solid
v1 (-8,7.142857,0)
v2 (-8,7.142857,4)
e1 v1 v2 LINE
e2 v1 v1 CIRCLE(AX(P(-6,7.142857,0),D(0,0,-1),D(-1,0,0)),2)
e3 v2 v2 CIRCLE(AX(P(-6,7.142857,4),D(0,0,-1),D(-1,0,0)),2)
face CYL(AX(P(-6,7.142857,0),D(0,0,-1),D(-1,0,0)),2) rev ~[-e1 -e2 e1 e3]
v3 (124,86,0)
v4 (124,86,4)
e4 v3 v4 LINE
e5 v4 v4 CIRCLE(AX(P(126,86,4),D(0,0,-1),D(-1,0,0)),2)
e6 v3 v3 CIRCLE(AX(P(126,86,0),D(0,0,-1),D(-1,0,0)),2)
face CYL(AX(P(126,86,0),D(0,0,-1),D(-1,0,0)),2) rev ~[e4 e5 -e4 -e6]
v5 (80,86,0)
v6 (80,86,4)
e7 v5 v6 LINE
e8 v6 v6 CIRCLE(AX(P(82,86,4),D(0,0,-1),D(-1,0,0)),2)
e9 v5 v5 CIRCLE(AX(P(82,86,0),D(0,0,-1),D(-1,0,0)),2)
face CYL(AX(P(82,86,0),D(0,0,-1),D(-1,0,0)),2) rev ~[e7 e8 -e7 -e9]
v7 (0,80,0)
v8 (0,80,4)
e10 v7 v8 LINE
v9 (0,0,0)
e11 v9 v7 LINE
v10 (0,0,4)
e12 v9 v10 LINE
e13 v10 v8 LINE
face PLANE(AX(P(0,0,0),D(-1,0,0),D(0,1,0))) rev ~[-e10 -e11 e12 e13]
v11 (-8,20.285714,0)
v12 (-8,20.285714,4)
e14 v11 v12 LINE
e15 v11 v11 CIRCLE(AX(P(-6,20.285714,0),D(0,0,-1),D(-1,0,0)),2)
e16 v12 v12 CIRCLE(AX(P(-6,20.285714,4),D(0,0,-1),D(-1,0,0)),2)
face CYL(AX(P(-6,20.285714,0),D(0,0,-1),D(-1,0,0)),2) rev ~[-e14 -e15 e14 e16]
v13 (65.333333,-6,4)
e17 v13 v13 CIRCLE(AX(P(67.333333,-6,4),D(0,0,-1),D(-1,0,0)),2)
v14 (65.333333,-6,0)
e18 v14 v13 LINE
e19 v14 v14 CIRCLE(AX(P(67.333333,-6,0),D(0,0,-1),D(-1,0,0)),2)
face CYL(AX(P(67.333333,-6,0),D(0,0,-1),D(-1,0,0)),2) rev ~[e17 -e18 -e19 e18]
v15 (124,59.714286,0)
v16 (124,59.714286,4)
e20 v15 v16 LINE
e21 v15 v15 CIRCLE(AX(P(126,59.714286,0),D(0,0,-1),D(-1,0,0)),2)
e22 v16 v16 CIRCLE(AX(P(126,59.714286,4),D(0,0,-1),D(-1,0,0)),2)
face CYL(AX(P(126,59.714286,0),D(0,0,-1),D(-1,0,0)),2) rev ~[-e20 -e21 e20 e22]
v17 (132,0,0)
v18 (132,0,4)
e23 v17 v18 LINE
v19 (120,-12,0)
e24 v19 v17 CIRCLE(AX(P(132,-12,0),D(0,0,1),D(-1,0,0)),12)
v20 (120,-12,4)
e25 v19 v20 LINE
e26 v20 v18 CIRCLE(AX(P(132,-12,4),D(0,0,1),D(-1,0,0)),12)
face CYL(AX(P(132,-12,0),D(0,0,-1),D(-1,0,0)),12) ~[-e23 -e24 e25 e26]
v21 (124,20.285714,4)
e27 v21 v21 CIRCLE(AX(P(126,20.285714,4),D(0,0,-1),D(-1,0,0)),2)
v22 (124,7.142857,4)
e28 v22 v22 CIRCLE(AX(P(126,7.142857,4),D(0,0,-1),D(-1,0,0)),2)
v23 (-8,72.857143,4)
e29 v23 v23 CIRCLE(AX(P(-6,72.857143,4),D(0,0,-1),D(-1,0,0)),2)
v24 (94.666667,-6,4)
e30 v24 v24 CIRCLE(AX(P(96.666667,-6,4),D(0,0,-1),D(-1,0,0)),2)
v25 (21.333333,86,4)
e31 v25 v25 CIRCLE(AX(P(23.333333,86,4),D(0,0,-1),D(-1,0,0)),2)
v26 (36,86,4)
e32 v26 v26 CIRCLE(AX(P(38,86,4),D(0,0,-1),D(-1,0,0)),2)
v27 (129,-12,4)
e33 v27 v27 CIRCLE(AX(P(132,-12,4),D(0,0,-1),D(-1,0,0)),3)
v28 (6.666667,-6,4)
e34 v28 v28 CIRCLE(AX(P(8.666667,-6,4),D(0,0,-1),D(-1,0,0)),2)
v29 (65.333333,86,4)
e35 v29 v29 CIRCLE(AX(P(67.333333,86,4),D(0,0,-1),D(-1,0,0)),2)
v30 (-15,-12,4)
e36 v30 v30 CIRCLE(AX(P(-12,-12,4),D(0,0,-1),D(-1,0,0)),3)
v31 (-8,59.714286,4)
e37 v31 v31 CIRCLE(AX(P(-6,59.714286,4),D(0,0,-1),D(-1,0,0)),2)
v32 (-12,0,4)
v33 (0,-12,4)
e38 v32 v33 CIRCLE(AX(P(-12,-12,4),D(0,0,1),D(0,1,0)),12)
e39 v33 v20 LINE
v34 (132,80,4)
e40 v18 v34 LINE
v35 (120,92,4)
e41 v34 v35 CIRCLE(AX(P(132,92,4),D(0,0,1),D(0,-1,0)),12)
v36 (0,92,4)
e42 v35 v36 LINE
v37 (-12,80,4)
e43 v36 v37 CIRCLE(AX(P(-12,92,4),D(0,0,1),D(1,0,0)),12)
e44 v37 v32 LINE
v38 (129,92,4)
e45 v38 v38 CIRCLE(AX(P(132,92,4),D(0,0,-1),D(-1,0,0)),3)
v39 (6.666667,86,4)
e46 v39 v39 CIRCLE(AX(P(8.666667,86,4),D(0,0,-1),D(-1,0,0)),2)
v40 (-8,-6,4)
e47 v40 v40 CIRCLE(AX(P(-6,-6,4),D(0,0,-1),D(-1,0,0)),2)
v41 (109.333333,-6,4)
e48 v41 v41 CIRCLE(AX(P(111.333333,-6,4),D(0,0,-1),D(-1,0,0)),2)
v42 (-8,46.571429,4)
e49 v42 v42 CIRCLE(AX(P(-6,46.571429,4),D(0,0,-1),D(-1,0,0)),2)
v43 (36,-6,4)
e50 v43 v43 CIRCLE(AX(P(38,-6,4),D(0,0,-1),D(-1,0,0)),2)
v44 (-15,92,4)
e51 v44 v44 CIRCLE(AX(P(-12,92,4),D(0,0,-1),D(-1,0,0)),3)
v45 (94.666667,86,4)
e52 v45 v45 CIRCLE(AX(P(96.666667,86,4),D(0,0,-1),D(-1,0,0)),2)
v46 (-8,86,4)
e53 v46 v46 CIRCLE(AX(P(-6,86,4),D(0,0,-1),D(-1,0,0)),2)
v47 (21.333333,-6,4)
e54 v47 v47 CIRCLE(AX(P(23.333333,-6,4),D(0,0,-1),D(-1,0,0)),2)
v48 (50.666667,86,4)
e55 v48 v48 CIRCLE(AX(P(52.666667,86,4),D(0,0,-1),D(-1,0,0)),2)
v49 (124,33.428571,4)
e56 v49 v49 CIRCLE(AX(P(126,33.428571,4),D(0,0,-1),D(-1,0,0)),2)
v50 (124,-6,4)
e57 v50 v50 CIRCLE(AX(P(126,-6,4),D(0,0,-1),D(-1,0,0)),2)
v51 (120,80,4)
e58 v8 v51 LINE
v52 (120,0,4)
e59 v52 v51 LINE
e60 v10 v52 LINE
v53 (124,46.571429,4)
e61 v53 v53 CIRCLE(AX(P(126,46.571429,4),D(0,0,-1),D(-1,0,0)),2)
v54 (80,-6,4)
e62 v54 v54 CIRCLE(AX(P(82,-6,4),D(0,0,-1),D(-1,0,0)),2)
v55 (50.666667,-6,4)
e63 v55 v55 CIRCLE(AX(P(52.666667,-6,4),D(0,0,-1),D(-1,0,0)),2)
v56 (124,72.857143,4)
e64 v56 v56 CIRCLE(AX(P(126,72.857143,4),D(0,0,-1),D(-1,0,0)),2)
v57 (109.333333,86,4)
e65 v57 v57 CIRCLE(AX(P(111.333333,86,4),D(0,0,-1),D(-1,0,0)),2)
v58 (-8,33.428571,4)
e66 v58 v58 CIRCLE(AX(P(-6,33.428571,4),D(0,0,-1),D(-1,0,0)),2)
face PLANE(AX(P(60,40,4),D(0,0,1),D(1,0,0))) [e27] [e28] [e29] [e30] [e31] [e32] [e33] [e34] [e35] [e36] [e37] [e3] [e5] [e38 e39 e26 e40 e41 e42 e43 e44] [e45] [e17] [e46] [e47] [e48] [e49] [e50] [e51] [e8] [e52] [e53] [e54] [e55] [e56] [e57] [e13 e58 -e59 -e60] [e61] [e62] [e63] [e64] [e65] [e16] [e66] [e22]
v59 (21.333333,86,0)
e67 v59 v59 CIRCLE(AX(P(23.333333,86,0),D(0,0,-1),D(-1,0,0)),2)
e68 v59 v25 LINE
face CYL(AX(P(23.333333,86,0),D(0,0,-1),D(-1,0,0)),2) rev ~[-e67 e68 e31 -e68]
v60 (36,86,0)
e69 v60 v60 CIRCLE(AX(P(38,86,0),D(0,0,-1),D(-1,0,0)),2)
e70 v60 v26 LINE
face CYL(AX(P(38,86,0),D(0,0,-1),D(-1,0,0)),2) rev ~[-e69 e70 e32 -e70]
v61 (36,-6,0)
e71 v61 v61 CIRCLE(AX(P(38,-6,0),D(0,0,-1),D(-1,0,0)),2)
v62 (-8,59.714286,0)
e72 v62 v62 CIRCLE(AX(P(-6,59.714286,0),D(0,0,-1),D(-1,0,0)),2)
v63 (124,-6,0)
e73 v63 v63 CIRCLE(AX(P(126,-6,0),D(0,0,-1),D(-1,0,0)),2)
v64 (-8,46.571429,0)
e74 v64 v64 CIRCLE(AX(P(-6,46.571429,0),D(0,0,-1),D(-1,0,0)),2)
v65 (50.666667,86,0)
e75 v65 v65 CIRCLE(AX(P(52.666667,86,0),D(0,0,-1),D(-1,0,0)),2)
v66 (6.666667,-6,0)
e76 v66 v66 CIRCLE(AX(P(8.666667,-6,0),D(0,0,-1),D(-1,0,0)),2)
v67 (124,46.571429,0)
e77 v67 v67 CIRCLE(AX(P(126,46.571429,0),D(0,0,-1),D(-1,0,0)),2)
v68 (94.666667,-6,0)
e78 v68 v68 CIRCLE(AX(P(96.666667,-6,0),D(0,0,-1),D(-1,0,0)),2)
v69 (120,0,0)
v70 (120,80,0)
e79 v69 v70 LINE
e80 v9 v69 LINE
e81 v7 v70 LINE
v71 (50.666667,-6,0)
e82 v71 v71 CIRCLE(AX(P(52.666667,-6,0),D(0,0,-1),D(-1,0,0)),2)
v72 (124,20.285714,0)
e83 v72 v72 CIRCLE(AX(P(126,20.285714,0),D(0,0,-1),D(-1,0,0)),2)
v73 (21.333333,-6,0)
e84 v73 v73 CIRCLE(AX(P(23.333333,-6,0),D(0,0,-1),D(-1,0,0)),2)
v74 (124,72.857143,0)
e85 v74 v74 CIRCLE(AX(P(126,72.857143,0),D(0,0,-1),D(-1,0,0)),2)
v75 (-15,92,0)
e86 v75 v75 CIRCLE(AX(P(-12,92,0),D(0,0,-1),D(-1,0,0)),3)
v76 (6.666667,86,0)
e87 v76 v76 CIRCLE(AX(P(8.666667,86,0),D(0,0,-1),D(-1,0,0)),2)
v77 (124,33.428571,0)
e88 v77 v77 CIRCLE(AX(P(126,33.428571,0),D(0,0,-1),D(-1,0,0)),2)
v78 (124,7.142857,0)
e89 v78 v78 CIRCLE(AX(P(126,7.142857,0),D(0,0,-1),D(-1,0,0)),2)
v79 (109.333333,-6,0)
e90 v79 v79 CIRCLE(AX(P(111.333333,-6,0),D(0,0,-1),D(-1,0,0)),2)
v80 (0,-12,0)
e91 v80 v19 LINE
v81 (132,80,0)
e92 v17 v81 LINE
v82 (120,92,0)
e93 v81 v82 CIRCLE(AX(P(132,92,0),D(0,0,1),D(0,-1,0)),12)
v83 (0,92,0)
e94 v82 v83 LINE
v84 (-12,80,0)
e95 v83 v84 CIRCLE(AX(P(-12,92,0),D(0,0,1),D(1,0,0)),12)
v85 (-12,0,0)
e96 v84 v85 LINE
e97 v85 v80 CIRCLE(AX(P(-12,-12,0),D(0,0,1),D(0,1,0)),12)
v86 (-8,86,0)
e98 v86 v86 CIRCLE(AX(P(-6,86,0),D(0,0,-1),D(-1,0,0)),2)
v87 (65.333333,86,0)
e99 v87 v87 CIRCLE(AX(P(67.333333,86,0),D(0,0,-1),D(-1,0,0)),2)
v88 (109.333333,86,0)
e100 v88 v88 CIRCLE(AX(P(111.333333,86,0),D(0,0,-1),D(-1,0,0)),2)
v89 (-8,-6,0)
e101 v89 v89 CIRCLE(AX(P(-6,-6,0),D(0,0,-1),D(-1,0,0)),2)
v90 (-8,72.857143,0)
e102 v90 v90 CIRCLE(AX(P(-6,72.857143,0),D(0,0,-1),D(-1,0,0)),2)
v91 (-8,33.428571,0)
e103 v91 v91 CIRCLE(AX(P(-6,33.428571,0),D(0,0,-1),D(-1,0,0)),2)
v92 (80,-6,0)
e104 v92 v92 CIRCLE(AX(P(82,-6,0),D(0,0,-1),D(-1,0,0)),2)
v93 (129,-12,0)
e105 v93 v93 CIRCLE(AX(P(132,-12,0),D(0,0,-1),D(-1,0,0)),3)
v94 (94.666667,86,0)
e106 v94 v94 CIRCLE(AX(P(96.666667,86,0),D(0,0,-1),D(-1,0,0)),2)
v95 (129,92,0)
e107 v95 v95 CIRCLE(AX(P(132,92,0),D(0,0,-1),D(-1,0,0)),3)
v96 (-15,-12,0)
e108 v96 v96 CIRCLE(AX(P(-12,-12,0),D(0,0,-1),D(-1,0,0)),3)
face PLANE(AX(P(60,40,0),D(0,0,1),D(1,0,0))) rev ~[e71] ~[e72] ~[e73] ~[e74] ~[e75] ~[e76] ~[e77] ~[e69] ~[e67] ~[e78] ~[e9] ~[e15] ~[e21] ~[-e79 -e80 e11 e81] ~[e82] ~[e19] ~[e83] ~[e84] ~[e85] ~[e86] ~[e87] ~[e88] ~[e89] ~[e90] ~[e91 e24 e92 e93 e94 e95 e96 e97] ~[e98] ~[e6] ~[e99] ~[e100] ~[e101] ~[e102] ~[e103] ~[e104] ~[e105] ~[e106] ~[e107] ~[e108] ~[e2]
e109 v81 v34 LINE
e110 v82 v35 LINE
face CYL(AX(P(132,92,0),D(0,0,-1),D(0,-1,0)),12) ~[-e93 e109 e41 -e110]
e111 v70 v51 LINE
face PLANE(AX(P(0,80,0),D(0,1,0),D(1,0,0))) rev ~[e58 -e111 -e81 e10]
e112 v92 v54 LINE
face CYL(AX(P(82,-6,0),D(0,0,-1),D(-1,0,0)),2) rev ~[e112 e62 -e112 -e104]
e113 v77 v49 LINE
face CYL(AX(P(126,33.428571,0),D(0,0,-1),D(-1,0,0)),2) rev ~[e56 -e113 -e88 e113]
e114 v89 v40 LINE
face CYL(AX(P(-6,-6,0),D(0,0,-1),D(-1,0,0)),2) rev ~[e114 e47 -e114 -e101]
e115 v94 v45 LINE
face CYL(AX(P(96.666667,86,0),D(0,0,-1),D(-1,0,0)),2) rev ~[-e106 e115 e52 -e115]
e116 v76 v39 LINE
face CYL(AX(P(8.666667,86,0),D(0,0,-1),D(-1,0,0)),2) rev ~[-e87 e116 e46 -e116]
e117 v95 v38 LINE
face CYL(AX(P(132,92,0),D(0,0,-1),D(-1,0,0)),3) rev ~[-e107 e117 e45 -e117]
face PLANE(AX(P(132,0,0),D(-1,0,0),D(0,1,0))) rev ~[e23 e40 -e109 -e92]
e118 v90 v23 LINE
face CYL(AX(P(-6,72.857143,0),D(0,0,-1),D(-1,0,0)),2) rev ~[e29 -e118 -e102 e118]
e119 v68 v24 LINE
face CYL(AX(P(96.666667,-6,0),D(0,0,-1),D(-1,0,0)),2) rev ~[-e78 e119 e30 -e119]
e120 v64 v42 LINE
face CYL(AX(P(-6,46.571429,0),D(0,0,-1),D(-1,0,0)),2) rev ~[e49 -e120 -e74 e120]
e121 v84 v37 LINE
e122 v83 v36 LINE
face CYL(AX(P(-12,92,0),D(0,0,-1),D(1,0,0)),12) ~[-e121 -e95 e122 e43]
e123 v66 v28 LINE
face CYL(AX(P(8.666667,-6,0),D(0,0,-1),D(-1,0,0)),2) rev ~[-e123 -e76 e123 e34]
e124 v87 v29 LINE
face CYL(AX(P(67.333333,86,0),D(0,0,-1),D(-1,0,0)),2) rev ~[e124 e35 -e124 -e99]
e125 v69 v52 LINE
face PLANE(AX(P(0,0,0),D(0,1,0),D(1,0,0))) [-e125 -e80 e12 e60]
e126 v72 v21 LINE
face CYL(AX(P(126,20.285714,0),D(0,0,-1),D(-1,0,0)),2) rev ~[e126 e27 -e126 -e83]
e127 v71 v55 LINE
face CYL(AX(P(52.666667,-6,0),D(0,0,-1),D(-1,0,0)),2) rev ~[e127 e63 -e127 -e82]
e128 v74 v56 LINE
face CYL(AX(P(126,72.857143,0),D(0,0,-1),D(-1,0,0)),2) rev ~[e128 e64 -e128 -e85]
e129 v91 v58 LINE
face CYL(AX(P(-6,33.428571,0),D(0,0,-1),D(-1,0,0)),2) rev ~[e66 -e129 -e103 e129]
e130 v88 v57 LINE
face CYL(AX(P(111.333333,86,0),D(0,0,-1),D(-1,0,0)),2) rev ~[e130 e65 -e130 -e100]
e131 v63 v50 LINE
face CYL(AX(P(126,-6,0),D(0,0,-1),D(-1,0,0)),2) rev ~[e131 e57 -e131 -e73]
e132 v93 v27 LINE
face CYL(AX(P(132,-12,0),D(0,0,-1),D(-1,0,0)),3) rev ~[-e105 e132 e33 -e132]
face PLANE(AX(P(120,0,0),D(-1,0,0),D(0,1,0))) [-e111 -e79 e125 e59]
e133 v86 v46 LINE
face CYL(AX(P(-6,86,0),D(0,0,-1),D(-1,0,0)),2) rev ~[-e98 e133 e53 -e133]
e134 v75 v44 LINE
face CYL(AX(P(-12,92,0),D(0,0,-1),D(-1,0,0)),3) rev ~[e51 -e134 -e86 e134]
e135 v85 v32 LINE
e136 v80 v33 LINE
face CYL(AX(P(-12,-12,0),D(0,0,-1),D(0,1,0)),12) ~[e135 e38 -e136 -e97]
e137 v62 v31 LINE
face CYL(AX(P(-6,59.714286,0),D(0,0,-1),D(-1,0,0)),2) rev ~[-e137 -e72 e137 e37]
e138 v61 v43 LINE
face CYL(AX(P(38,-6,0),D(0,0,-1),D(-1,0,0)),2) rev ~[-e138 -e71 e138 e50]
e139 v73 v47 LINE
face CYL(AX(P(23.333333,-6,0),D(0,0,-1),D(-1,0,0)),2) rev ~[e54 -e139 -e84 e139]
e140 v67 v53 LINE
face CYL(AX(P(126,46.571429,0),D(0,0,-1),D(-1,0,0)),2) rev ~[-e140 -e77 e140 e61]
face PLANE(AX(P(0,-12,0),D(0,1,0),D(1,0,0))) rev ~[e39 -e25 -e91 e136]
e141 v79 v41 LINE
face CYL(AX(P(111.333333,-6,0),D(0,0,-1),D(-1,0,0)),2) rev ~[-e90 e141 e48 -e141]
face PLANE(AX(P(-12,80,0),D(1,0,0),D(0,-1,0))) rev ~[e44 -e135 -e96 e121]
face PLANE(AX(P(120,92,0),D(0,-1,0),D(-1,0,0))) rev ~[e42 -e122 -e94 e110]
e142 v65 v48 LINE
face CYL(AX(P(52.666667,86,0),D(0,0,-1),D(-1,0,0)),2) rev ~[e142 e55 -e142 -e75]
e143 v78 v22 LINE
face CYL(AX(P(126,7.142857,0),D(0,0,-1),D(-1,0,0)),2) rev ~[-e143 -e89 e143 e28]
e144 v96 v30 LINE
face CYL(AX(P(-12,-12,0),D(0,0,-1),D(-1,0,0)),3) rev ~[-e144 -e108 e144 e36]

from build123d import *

# Parameters (mm, degrees)
SKETCH1_W          = 120
SKETCH1_H          = 80
FRAME_DEPTH        = 4
SKETCH3_R          = 2
CUT_EXTRUDE1_DEPTH = 4
CRVPATTERN2_COUNT  = 10
CRVPATTERN2_PITCH  = 14.666666667
CRVPATTERN3_COUNT  = 8
CRVPATTERN3_PITCH  = 13.142857143
SKETCH4_R          = 2
CUT_EXTRUDE2_DEPTH = 4
CRVPATTERN5_COUNT  = 10
CRVPATTERN5_PITCH  = 14.666666667
CRVPATTERN6_COUNT  = 8
CRVPATTERN6_PITCH  = 13.142857143
SKETCH12_R         = 3
CUT_EXTRUDE4_DEPTH = 10


with BuildPart() as part:
    # Sketch1 → Frame (new body)
    with BuildSketch(Plane.XY):
        with BuildLine():
            Line((0, -12), (120, -12))
            ThreePointArc((120, -12), (140.485281374, -20.485281374), (132, 0))
            Line((132, 0), (132, 80))
            ThreePointArc((132, 80), (140.485281374, 100.485281374), (120, 92))
            Line((120, 92), (0, 92))
            ThreePointArc((0, 92), (-20.485281374, 100.485281374), (-12, 80))
            Line((-12, 80), (-12, 0))
            ThreePointArc((-12, 0), (-20.485281374, -20.485281374), (0, -12))
        make_face()
        with Locations((60, 40)):
            Rectangle(SKETCH1_W, SKETCH1_H, mode=Mode.SUBTRACT)
    extrude(amount=FRAME_DEPTH)

    # Sketch3 → Cut-Extrude1 (cut)
    with BuildSketch(Plane(origin=(0, 0, 0), x_dir=(-1, 0, 0), z_dir=(0, 0, -1))):
        with Locations((-126, 86)):
            Circle(SKETCH3_R)
    cut_extrude1 = extrude(amount=-CUT_EXTRUDE1_DEPTH, mode=Mode.SUBTRACT)

    # CrvPattern2: Cut-Extrude1 ×10, 1 skipped
    with Locations(*[(-i * CRVPATTERN2_PITCH, 0, 0) for i in range(1, CRVPATTERN2_COUNT) if i not in (9,)]):
        add(cut_extrude1, mode=Mode.SUBTRACT)

    # CrvPattern3: Cut-Extrude1 ×8, 1 skipped
    with Locations(*[(0, -i * CRVPATTERN3_PITCH, 0) for i in range(1, CRVPATTERN3_COUNT) if i not in (7,)]):
        add(cut_extrude1, mode=Mode.SUBTRACT)

    # Sketch4 → Cut-Extrude2 (cut)
    with BuildSketch(Plane(origin=(0, 0, 0), x_dir=(-1, 0, 0), z_dir=(0, 0, -1))):
        with Locations((6, -6)):
            Circle(SKETCH4_R)
    cut_extrude2 = extrude(amount=-CUT_EXTRUDE2_DEPTH, mode=Mode.SUBTRACT)

    # CrvPattern5: Cut-Extrude2 ×10
    with Locations(*[(i * CRVPATTERN5_PITCH, 0, 0) for i in range(1, CRVPATTERN5_COUNT)]):
        add(cut_extrude2, mode=Mode.SUBTRACT)

    # CrvPattern6: Cut-Extrude2 ×8
    with Locations(*[(0, i * CRVPATTERN6_PITCH, 0) for i in range(1, CRVPATTERN6_COUNT)]):
        add(cut_extrude2, mode=Mode.SUBTRACT)

    # Sketch12 → Cut-Extrude4 (cut)
    with BuildSketch(Plane(origin=(0, 0, 0), x_dir=(-1, 0, 0), z_dir=(0, 0, -1))):
        with Locations((-132, 92)):
            Circle(SKETCH12_R)
        with Locations((12, 92)):
            Circle(SKETCH12_R)
        with Locations((12, -12)):
            Circle(SKETCH12_R)
        with Locations((-132, -12)):
            Circle(SKETCH12_R)
    extrude(amount=-CUT_EXTRUDE4_DEPTH, mode=Mode.SUBTRACT)


solid = part.part
